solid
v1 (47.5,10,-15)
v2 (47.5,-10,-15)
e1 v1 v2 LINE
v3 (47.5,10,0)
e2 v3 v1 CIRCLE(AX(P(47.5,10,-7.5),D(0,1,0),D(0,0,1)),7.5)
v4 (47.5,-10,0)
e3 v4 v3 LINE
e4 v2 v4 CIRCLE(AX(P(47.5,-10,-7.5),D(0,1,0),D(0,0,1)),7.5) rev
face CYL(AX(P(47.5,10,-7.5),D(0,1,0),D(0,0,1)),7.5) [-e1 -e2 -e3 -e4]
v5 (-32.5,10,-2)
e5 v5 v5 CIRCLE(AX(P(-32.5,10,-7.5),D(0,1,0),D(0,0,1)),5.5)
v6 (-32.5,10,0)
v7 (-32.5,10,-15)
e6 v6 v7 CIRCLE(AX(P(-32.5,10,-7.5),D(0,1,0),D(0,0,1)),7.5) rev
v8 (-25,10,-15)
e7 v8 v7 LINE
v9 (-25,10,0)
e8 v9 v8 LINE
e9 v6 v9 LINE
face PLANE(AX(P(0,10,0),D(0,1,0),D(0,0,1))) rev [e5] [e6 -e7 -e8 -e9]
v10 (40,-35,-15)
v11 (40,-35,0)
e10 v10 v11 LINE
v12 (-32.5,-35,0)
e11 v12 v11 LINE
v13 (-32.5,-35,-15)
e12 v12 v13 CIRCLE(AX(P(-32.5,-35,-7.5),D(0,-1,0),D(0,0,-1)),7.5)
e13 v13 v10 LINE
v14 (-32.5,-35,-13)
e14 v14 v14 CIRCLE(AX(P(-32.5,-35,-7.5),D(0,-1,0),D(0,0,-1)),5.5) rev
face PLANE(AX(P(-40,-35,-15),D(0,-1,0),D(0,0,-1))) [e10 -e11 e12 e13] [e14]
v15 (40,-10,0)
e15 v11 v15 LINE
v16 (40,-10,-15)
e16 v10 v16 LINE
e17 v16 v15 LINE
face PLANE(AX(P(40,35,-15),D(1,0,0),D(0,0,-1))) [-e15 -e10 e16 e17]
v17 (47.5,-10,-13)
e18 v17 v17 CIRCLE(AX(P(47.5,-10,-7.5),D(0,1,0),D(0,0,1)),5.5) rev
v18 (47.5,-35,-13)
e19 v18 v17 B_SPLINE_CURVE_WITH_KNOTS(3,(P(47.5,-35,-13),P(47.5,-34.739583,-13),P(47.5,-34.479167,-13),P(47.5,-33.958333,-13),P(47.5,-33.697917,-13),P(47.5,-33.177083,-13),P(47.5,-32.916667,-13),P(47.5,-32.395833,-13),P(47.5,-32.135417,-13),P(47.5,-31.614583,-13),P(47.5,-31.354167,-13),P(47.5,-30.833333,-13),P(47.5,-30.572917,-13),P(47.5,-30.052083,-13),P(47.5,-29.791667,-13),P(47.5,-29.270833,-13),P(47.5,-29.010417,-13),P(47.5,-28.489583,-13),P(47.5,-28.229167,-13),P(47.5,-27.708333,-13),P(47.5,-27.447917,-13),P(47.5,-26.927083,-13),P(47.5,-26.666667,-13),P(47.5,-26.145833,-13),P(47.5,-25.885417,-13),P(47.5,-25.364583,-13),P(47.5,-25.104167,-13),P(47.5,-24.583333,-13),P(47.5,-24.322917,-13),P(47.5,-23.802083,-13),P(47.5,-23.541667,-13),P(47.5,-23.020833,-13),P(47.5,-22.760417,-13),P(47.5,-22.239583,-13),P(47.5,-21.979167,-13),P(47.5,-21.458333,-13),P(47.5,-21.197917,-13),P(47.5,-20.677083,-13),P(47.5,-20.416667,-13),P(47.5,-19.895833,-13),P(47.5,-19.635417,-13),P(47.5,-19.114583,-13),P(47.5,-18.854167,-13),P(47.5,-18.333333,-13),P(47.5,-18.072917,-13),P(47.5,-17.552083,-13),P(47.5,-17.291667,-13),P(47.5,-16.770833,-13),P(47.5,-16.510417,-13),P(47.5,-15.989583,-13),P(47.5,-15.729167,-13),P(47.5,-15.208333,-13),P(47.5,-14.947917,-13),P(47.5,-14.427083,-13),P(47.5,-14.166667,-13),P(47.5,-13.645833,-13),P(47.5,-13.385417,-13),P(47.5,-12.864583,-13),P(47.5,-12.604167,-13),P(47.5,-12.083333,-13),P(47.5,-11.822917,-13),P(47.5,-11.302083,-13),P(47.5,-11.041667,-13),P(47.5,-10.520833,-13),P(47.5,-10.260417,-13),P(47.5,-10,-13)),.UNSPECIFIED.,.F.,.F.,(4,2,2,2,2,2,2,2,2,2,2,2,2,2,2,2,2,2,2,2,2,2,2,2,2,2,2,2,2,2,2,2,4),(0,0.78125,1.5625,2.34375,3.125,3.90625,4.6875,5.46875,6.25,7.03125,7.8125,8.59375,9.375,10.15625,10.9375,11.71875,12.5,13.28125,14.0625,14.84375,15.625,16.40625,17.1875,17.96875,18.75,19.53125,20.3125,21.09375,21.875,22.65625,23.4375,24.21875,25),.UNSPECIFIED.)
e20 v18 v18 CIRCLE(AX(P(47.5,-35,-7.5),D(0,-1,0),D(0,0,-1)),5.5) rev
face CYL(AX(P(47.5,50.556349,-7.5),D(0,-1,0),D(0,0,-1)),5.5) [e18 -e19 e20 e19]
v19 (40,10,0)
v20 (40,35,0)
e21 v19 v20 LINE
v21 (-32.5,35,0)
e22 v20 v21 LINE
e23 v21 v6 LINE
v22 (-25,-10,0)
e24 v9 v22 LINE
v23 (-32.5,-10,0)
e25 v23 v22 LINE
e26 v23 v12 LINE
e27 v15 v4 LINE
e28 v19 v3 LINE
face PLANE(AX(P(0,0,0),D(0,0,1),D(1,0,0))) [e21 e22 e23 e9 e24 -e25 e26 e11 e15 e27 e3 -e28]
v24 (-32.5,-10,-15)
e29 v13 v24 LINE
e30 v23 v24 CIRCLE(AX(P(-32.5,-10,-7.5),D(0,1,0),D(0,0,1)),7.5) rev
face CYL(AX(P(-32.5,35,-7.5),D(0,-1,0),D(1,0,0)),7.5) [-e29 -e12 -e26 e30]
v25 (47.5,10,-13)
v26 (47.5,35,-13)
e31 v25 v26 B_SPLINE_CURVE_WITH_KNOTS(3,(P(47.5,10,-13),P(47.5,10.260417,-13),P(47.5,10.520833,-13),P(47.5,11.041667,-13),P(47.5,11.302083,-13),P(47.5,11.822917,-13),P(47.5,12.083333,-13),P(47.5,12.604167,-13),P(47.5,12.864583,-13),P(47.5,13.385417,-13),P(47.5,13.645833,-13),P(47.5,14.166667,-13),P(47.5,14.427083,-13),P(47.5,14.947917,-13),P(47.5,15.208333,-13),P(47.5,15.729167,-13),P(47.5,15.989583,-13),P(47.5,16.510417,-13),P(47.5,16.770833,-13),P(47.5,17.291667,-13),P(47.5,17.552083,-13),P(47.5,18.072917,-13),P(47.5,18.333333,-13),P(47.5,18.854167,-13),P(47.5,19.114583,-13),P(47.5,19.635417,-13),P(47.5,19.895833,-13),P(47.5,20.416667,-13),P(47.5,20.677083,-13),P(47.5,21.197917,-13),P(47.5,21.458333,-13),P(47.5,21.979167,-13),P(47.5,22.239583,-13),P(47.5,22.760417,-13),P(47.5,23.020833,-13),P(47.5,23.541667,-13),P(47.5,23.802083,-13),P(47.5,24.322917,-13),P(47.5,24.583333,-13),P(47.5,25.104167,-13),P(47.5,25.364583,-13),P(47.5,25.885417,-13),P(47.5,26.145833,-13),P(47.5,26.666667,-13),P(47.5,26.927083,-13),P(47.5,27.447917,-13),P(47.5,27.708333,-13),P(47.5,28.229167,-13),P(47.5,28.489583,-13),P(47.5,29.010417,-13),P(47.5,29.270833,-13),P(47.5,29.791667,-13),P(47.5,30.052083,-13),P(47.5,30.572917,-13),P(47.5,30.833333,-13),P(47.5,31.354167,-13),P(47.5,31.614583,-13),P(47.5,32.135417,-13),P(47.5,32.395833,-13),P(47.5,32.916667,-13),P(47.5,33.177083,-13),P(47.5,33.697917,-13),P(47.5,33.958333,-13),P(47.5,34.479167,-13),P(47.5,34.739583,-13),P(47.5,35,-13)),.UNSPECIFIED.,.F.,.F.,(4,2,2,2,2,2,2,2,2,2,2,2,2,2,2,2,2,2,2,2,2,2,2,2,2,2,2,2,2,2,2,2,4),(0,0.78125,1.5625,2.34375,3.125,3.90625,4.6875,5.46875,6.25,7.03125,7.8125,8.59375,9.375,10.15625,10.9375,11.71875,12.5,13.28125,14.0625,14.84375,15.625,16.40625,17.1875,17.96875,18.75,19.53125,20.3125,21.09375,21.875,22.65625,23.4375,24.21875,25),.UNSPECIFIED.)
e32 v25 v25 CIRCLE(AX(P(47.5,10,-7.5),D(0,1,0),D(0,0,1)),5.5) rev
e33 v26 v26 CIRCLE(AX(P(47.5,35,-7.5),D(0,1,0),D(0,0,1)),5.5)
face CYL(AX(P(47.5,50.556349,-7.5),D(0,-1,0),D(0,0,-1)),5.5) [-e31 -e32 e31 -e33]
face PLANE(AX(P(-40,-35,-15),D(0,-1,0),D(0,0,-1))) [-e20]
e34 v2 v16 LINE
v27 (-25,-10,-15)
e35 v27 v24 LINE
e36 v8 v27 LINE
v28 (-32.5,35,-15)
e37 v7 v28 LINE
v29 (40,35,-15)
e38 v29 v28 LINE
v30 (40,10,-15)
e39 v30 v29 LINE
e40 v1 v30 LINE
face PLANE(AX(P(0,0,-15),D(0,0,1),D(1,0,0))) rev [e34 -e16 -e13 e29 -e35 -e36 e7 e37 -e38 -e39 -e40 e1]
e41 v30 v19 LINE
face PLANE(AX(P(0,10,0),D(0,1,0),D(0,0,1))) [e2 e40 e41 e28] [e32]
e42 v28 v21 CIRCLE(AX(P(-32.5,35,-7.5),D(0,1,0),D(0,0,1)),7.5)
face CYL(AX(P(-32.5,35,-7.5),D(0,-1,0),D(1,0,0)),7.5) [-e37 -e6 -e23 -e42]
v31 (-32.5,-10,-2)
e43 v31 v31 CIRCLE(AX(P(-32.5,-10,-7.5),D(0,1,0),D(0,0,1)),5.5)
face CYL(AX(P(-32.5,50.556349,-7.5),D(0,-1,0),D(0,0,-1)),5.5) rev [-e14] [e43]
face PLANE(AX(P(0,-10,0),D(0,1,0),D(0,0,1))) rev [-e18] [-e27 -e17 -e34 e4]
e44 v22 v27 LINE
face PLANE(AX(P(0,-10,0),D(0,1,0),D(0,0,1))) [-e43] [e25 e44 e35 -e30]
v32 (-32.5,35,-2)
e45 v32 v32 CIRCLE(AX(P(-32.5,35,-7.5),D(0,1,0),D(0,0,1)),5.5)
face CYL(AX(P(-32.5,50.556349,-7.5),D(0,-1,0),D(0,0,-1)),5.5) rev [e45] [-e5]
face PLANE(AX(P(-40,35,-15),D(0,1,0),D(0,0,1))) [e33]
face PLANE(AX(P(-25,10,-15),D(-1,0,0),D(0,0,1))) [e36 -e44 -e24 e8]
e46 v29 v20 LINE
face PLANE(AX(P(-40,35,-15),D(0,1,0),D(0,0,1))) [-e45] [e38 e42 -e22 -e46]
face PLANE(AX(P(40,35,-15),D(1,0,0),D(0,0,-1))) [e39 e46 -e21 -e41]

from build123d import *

# Parameters (mm, degrees)
PLATE_SKETCH_W                 = 80
PLATE_SKETCH_H                 = 70
PLATE_EXTRUDE_DEPTH            = 15
HOLE_CUT_REACH                 = 57.227
HOLE_SKETCH_R                  = 5.5
HOLE_CUT_DIRECTION_2_REACH     = 57.227
FEMALE_FILLET_RADIUS           = 7.5
FEMALE_FILLET_LENGTH           = 70
GAP_CUT_DEPTH                  = 10
GAP_CUT_DEPTH_BACK             = 10
GAP_SKETCH_W                   = 15
GAP_SKETCH_H                   = 15
PIN_SUPPORT_EXTRUDE_DEPTH      = 10
PIN_SUPPORT_EXTRUDE_DEPTH_BACK = 10
PIN_SUPPORT_SKETCH_W           = 15
PIN_SUPPORT_SKETCH_H           = 15
PIN_EXTRUDE_REACH              = 74.629
PIN_SKETCH_R                   = 5.5
PIN_EXTRUDE_DIRECTION_2_REACH  = 74.629
MALE_FILLET_RADIUS             = 7.5
MALE_FILLET_LENGTH             = 20


with BuildPart() as part:
    # Plate Sketch → Plate Extrude (new body)
    with BuildSketch(Plane.XY):
        Rectangle(PLATE_SKETCH_W, PLATE_SKETCH_H)
    extrude(amount=-PLATE_EXTRUDE_DEPTH)

    # Hole Cut: up to this face of the body (flat: up to its plane)
    hole_cut_end = Plane(part.part.faces().sort_by_distance((0, 35, -7.5))[0])
    # Hole Sketch → Hole Cut (cut, up to the picked face)
    with BuildSketch(Plane(origin=(0, 0, 0), x_dir=(1, 0, 0), z_dir=(0, 1, 0)), mode=Mode.PRIVATE) as hole_cut_sk1:
        with Locations(Location((-32.5, 7.5, 0), (0, 0, 90))):
            Circle(HOLE_SKETCH_R)
    hole_cut_tool1 = split(extrude(hole_cut_sk1.sketch, amount=HOLE_CUT_REACH, mode=Mode.PRIVATE), bisect_by=hole_cut_end, keep=Keep.BOTH, mode=Mode.PRIVATE)
    add(hole_cut_tool1.solids().sort_by(Axis((-32.5, 0, -7.5), (0, 1, 0)))[0], mode=Mode.SUBTRACT)

    # Hole Cut direction 2: up to this face of the body (flat: up to its plane)
    hole_cut_direction_2_end = Plane(part.part.faces().sort_by_distance((0, -35, -7.5))[0])
    # Hole Sketch → Hole Cut direction 2 (cut, up to the picked face)
    with BuildSketch(Plane(origin=(0, 0, 0), x_dir=(1, 0, 0), z_dir=(0, 1, 0)), mode=Mode.PRIVATE) as hole_cut_direction_2_sk1:
        with Locations(Location((-32.5, 7.5, 0), (0, 0, 90))):
            Circle(HOLE_SKETCH_R)
    hole_cut_direction_2_tool1 = split(extrude(hole_cut_direction_2_sk1.sketch, amount=-HOLE_CUT_DIRECTION_2_REACH, mode=Mode.PRIVATE), bisect_by=hole_cut_direction_2_end, keep=Keep.BOTH, mode=Mode.PRIVATE)
    add(hole_cut_direction_2_tool1.solids().sort_by(Axis((-32.5, 0, -7.5), (0, -1, 0)))[0], mode=Mode.SUBTRACT)

    # Female Fillet: full round fillet: the end face becomes a half cylinder, R = half its width
    female_fillet_face = Plane((-40, 0, -7.5), x_dir=(0, -1, 0), z_dir=(-1, 0, 0))  # on the end face: x along it, z out of the body
    female_fillet_slab = female_fillet_face.offset(-FEMALE_FILLET_RADIUS / 2) * Box(FEMALE_FILLET_LENGTH, 2 * FEMALE_FILLET_RADIUS, FEMALE_FILLET_RADIUS, mode=Mode.PRIVATE)  # the body's end, R deep
    female_fillet_round = Plane((-32.5, 0, -7.5), x_dir=(-1, 0, 0), z_dir=(0, -1, 0)) * Cylinder(FEMALE_FILLET_RADIUS, FEMALE_FILLET_LENGTH, mode=Mode.PRIVATE)  # its axis R under the face
    add(female_fillet_slab - female_fillet_round, mode=Mode.SUBTRACT)

    # Gap Sketch → Gap Cut (cut, two sides: drawn at the far end of the back side and taken through both)
    with BuildSketch(Plane(origin=(0, 0, 0), x_dir=(1, 0, 0), z_dir=(0, 1, 0)).offset(-GAP_CUT_DEPTH_BACK)):
        with Locations((-32.5, 7.5)):
            Rectangle(GAP_SKETCH_W, GAP_SKETCH_H)
    extrude(amount=GAP_CUT_DEPTH + GAP_CUT_DEPTH_BACK, mode=Mode.SUBTRACT)

    # Pin Support Sketch → Pin Support Extrude (add, two sides: drawn at the far end of the back side and taken through both)
    with BuildSketch(Plane(origin=(0, 0, 0), x_dir=(1, 0, 0), z_dir=(0, 1, 0)).offset(-PIN_SUPPORT_EXTRUDE_DEPTH_BACK)):
        with Locations((47.5, 7.5)):
            Rectangle(PIN_SUPPORT_SKETCH_W, PIN_SUPPORT_SKETCH_H)
    extrude(amount=PIN_SUPPORT_EXTRUDE_DEPTH + PIN_SUPPORT_EXTRUDE_DEPTH_BACK)

    # Pin Extrude: up to this face of the body (flat: up to its plane)
    pin_extrude_end = Plane(part.part.faces().sort_by_distance((3.713685867, 35, -7.5))[0])
    # Pin Sketch → Pin Extrude (add, up to the picked face)
    with BuildSketch(Plane(origin=(0, 10, 0), x_dir=(1, 0, 0), z_dir=(0, 1, 0)), mode=Mode.PRIVATE) as pin_extrude_sk1:
        with Locations(Location((47.5, 7.5, 0), (0, 0, 90))):
            Circle(PIN_SKETCH_R)
    pin_extrude_tool1 = split(extrude(pin_extrude_sk1.sketch, amount=PIN_EXTRUDE_REACH, mode=Mode.PRIVATE), bisect_by=pin_extrude_end, keep=Keep.BOTH, mode=Mode.PRIVATE)
    add(pin_extrude_tool1.solids().sort_by(Axis((47.5, 10, -7.5), (0, 1, 0)))[0])

    # Pin Extrude direction 2: up to this face of the body (flat: up to its plane)
    pin_extrude_direction_2_end = Plane(part.part.faces().sort_by_distance((3.713685867, -35, -7.5))[0])
    # Pin Sketch → Pin Extrude direction 2 (add, up to the picked face)
    with BuildSketch(Plane(origin=(0, 10, 0), x_dir=(1, 0, 0), z_dir=(0, 1, 0)), mode=Mode.PRIVATE) as pin_extrude_direction_2_sk1:
        with Locations(Location((47.5, 7.5, 0), (0, 0, 90))):
            Circle(PIN_SKETCH_R)
    pin_extrude_direction_2_tool1 = split(extrude(pin_extrude_direction_2_sk1.sketch, amount=-PIN_EXTRUDE_DIRECTION_2_REACH, mode=Mode.PRIVATE), bisect_by=pin_extrude_direction_2_end, keep=Keep.BOTH, mode=Mode.PRIVATE)
    add(pin_extrude_direction_2_tool1.solids().sort_by(Axis((47.5, 10, -7.5), (0, -1, 0)))[0])

    # Male Fillet: full round fillet: the end face becomes a half cylinder, R = half its width
    male_fillet_face = Plane((55, 0, -7.5), x_dir=(0, 1, 0), z_dir=(1, 0, 0))  # on the end face: x along it, z out of the body
    male_fillet_slab = male_fillet_face.offset(-MALE_FILLET_RADIUS / 2) * Box(MALE_FILLET_LENGTH, 2 * MALE_FILLET_RADIUS, MALE_FILLET_RADIUS, mode=Mode.PRIVATE)  # the body's end, R deep
    male_fillet_round = Plane((47.5, 0, -7.5), x_dir=(1, 0, 0), z_dir=(0, 1, 0)) * Cylinder(MALE_FILLET_RADIUS, MALE_FILLET_LENGTH, mode=Mode.PRIVATE)  # its axis R under the face
    add(male_fillet_slab - male_fillet_round, mode=Mode.SUBTRACT)


solid = part.part
